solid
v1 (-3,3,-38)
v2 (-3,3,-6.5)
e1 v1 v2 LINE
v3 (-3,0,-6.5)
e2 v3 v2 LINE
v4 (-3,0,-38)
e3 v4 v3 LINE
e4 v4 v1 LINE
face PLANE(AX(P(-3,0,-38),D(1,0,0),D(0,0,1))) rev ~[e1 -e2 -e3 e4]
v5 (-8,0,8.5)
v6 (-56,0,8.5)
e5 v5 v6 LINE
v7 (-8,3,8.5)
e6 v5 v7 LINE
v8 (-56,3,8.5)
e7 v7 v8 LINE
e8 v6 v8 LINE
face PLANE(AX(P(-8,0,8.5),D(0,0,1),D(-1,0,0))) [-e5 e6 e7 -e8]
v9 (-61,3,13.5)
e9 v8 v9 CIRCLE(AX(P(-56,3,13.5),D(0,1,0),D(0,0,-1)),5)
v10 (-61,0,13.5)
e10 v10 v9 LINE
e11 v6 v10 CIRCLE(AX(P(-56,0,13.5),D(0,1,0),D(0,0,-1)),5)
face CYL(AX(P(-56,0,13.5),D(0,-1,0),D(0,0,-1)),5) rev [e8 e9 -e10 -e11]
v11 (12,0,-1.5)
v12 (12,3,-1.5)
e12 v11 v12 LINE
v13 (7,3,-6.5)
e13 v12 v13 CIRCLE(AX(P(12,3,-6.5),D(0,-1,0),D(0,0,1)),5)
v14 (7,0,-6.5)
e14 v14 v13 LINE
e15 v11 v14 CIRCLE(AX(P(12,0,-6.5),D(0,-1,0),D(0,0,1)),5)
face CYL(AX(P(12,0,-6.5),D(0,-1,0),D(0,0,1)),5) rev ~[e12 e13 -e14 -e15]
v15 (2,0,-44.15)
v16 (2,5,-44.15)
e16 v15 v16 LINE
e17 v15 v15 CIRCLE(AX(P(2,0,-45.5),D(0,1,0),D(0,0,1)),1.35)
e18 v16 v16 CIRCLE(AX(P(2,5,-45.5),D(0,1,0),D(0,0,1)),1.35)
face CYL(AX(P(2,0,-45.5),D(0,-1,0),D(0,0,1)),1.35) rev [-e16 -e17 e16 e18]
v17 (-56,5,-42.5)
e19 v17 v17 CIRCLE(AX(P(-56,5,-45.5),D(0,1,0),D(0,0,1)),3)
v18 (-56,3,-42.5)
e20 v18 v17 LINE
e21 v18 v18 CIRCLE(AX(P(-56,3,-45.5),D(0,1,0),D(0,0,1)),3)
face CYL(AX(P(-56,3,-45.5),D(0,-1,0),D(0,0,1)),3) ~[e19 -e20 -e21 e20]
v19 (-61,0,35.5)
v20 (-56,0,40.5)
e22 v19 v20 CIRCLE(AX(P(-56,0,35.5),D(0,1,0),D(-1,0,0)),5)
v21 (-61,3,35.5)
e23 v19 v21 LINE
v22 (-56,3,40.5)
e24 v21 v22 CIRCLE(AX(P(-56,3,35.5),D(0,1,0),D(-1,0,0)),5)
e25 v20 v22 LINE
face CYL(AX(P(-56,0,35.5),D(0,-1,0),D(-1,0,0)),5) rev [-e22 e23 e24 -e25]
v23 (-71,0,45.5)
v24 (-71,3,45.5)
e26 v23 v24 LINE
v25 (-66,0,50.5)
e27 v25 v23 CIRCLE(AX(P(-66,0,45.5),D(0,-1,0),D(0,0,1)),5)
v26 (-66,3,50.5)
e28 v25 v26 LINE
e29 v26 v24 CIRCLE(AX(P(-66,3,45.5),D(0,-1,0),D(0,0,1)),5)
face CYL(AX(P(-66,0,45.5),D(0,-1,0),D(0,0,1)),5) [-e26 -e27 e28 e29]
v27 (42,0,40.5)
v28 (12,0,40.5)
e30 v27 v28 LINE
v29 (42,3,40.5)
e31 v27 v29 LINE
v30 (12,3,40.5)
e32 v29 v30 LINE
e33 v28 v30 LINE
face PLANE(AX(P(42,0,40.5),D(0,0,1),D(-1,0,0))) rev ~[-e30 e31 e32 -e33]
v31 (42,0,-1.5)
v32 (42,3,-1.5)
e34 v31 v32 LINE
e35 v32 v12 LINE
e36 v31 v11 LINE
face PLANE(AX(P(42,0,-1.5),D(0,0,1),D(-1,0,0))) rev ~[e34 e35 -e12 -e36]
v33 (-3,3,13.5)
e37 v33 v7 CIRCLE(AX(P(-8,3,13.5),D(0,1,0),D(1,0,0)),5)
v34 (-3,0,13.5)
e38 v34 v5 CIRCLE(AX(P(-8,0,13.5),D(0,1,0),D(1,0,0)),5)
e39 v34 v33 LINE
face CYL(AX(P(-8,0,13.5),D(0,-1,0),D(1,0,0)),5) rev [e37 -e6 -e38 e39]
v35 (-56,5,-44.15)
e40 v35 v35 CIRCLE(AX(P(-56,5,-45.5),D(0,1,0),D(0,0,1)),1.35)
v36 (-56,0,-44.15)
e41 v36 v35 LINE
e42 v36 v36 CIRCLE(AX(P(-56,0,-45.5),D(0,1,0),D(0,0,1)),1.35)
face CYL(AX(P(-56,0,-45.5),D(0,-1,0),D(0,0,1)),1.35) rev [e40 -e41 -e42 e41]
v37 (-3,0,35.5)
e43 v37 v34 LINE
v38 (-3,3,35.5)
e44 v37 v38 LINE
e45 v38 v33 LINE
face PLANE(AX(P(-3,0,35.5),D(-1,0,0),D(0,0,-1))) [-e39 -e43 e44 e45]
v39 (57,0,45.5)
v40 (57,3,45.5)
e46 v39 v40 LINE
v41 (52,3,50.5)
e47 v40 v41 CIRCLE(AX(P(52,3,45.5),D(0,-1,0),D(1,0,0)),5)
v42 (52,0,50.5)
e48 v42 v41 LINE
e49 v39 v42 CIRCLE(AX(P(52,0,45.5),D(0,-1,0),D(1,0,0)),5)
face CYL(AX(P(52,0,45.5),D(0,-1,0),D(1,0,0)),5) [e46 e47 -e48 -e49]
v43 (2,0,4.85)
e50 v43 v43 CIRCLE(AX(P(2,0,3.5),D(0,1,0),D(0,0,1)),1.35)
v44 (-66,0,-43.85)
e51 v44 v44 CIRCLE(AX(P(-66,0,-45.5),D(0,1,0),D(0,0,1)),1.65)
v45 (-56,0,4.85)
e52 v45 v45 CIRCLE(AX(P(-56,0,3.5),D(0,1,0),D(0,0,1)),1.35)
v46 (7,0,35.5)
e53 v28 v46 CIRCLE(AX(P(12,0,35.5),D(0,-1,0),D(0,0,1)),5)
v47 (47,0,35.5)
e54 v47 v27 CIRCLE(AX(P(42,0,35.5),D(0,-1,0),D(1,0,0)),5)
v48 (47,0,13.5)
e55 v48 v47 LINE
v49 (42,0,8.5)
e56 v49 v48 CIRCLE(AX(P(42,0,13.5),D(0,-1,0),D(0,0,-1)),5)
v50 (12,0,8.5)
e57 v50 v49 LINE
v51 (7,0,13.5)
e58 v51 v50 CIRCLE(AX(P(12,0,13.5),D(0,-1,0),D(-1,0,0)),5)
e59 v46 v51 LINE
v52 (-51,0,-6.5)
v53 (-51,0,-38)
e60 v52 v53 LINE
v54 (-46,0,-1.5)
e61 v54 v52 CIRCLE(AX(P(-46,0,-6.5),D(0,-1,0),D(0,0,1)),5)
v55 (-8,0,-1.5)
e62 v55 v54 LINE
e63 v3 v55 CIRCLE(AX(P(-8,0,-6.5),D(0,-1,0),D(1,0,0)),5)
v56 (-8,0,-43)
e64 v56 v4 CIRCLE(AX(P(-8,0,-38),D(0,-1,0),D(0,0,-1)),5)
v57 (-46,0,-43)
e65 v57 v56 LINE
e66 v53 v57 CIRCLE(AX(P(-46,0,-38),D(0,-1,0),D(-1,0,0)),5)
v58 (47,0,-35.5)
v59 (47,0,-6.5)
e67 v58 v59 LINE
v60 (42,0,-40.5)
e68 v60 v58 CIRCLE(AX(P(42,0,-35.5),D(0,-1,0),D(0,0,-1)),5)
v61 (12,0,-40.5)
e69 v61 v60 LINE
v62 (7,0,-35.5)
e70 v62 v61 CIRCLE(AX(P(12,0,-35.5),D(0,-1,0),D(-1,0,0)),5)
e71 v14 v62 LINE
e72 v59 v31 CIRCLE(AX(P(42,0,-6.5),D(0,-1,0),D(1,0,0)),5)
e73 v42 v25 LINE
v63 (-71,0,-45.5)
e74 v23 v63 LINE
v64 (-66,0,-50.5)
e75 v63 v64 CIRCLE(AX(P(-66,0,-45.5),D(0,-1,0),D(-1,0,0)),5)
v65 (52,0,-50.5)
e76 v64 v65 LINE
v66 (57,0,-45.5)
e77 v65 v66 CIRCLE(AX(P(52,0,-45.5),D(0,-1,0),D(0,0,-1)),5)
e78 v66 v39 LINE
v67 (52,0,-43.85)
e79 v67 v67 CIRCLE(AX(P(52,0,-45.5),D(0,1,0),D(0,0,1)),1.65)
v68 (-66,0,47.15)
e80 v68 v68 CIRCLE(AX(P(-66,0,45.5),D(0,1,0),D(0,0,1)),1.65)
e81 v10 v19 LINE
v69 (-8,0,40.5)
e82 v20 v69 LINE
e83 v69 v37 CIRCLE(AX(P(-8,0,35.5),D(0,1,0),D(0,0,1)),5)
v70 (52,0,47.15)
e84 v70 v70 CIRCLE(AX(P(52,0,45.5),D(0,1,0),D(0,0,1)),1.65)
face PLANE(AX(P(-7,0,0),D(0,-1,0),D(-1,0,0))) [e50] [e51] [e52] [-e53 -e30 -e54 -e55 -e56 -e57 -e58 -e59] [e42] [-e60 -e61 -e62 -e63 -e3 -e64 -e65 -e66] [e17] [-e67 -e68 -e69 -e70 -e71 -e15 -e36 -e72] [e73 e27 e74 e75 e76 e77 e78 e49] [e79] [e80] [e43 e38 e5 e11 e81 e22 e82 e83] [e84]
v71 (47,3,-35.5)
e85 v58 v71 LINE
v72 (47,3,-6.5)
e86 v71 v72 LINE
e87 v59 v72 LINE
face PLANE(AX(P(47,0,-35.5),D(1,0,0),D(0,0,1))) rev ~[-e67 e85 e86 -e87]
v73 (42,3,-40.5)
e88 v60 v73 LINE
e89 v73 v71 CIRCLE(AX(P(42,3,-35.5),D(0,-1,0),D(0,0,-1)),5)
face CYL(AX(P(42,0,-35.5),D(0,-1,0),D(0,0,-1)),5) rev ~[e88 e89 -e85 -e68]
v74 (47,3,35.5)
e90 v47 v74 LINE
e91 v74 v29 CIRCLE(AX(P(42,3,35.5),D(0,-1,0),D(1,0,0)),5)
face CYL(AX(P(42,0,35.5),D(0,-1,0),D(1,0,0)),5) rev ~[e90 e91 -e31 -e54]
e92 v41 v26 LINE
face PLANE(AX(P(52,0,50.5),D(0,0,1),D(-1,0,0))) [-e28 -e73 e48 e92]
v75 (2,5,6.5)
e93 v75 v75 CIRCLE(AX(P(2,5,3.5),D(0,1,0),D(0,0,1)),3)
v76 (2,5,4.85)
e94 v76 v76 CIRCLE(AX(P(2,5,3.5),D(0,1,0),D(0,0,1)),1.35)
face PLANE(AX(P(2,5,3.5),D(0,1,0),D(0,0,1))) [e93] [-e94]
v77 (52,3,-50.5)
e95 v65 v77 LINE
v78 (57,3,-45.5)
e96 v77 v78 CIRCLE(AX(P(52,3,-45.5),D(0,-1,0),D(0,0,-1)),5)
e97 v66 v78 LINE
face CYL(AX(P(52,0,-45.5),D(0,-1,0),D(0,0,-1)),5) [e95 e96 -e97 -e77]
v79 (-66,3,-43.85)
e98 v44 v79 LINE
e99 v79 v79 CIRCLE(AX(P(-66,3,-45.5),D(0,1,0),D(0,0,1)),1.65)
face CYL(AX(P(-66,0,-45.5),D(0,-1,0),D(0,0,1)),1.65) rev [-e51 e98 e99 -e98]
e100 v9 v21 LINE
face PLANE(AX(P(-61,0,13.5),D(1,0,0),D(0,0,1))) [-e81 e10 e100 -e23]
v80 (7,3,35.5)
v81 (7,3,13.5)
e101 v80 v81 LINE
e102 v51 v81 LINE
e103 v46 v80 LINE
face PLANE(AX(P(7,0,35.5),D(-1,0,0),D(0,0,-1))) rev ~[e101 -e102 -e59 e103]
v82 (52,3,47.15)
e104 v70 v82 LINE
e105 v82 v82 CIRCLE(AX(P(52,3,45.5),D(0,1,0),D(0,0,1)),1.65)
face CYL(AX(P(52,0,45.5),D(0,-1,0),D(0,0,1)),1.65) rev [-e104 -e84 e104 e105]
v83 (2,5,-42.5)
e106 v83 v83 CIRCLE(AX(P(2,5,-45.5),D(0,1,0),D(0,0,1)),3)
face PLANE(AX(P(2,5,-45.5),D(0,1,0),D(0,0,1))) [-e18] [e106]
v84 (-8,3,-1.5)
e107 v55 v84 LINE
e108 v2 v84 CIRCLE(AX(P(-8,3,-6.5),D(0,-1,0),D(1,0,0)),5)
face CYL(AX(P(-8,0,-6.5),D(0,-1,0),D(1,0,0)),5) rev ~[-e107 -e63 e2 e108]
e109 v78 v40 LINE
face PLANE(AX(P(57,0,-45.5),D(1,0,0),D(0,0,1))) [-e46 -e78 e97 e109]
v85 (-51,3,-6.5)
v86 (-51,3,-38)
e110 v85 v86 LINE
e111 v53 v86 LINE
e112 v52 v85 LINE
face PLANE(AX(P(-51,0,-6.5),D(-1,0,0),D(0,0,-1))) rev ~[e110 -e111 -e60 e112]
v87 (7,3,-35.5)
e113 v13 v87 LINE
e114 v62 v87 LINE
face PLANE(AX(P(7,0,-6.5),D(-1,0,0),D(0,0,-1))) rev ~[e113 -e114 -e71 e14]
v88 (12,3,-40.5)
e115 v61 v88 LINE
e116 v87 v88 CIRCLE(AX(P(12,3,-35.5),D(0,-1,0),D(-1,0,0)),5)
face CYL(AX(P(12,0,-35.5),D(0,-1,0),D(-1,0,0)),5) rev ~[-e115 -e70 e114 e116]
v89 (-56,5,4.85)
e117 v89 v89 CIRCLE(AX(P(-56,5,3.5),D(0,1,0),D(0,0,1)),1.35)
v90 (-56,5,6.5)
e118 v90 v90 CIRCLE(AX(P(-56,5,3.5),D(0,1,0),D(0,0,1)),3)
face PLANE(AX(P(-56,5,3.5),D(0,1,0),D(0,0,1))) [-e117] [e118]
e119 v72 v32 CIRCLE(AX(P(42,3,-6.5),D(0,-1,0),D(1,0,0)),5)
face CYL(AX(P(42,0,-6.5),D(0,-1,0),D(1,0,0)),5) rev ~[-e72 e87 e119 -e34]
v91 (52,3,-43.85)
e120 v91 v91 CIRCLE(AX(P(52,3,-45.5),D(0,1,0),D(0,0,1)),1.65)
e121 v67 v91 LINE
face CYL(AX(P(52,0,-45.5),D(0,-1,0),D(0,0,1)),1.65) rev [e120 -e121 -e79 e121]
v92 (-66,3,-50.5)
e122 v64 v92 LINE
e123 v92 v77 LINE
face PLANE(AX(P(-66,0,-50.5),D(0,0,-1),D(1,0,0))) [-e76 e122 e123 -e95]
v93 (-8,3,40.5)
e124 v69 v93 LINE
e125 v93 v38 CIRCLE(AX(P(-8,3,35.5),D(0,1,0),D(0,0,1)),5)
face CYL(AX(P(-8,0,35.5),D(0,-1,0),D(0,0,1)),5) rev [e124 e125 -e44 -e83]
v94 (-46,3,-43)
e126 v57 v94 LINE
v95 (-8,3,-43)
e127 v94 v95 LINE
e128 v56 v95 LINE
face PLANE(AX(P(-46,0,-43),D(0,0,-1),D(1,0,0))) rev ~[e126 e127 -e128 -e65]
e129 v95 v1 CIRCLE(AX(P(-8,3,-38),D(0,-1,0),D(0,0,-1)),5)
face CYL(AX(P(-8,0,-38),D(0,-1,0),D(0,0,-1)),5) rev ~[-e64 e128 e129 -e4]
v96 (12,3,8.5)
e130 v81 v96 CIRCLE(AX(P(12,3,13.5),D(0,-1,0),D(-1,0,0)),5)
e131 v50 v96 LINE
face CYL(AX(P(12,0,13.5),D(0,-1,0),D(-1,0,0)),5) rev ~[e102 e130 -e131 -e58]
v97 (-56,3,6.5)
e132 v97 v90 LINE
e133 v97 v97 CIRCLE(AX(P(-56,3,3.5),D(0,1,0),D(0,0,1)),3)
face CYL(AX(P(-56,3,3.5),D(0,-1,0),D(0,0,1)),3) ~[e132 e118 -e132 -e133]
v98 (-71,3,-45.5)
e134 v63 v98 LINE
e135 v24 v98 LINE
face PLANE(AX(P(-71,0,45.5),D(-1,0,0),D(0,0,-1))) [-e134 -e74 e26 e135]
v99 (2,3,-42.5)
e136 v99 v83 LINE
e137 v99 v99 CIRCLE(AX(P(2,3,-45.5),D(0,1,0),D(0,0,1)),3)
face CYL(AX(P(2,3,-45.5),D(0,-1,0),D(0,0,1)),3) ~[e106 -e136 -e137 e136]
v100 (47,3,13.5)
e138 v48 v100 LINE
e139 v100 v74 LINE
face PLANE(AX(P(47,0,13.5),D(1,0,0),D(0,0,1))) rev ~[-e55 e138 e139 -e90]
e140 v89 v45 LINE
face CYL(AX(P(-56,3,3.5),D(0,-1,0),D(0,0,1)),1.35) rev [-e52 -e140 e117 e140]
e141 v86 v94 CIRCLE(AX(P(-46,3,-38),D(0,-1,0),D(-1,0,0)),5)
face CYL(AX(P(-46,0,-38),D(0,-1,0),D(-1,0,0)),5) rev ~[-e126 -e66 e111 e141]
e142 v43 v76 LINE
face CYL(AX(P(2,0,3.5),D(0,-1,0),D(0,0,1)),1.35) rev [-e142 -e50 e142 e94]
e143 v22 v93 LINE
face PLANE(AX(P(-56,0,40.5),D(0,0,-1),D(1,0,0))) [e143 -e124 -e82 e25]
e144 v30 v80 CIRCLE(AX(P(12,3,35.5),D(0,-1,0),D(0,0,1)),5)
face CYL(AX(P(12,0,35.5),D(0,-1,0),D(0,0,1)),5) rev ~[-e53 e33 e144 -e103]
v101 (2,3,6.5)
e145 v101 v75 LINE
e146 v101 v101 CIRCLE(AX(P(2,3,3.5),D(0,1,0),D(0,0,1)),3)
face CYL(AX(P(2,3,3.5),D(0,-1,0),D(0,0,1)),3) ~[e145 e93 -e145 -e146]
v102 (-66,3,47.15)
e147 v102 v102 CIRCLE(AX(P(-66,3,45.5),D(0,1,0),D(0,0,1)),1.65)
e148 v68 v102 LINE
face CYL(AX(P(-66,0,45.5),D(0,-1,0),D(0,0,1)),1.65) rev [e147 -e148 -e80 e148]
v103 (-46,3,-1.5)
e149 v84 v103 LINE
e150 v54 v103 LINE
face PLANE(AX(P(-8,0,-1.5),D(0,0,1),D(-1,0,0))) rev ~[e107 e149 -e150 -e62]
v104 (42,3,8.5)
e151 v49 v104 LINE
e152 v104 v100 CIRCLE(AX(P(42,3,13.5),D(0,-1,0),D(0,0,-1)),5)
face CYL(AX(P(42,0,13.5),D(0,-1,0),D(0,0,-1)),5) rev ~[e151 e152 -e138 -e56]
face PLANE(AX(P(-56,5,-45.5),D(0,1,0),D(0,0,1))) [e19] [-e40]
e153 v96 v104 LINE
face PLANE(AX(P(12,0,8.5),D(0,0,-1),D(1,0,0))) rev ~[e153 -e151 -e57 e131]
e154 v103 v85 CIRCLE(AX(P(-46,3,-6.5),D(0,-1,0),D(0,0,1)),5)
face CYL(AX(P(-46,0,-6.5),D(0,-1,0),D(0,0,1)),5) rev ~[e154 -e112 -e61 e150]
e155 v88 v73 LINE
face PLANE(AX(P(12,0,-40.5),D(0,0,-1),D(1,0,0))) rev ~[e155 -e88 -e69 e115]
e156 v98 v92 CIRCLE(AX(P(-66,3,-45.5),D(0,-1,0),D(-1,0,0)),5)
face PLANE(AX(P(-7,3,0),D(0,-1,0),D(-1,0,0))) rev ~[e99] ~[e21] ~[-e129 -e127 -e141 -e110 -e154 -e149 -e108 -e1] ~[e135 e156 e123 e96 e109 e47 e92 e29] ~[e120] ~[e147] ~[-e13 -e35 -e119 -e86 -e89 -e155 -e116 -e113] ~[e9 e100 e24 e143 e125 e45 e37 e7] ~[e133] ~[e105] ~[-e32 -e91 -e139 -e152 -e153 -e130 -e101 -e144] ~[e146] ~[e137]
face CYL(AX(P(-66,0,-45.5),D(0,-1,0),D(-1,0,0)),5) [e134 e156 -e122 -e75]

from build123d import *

# Parameters (mm, degrees)
SKETCH2_R           = 1.65
SKETCH2_R_2         = 1.35
BOSS_EXTRUDE1_DEPTH = 3
SKETCH3_R           = 3
SKETCH3_R_2         = 1.35
BOSS_EXTRUDE2_DEPTH = 2


with BuildPart() as part:
    # Sketch2 → Boss-Extrude1 (new body)
    with BuildSketch(Plane(origin=(0, 0, 0), x_dir=(1, 0, 0), z_dir=(0, 1, 0))):
        with BuildLine():
            Line((-66, 50.5), (52, 50.5))
            ThreePointArc((52, 50.5), (55.535533906, 49.035533906), (57, 45.5))
            Line((57, 45.5), (57, -45.5))
            ThreePointArc((57, -45.5), (55.535533906, -49.035533906), (52, -50.5))
            Line((52, -50.5), (-66, -50.5))
            ThreePointArc((-66, -50.5), (-69.535533906, -49.035533906), (-71, -45.5))
            Line((-71, -45.5), (-71, 45.5))
            ThreePointArc((-71, 45.5), (-69.535533906, 49.035533906), (-66, 50.5))
        make_face()
        with Locations(Location((52, 45.5, 0), (0, 0, 270))):
            Circle(SKETCH2_R, mode=Mode.SUBTRACT)
        with Locations(Location((52, -45.5, 0), (0, 0, 270))):
            Circle(SKETCH2_R, mode=Mode.SUBTRACT)
        with Locations(Location((-66, -45.5, 0), (0, 0, 270))):
            Circle(SKETCH2_R, mode=Mode.SUBTRACT)
        with Locations(Location((-66, 45.5, 0), (0, 0, 270))):
            Circle(SKETCH2_R, mode=Mode.SUBTRACT)
        with Locations(Location((-56, -3.5, 0), (0, 0, 270))):
            Circle(SKETCH2_R_2, mode=Mode.SUBTRACT)
        with Locations(Location((-56, 45.5, 0), (0, 0, 270))):
            Circle(SKETCH2_R_2, mode=Mode.SUBTRACT)
        with Locations(Location((2, 45.5, 0), (0, 0, 270))):
            Circle(SKETCH2_R_2, mode=Mode.SUBTRACT)
        with Locations(Location((2, -3.5, 0), (0, 0, 270))):
            Circle(SKETCH2_R_2, mode=Mode.SUBTRACT)
        with BuildLine():
            Line((12, 40.5), (42, 40.5))
            ThreePointArc((42, 40.5), (45.535533906, 39.035533906), (47, 35.5))
            Line((47, 35.5), (47, 6.5))
            ThreePointArc((47, 6.5), (45.535533906, 2.964466094), (42, 1.5))
            Line((42, 1.5), (12, 1.5))
            ThreePointArc((12, 1.5), (8.464466094, 2.964466094), (7, 6.5))
            Line((7, 6.5), (7, 35.5))
            ThreePointArc((7, 35.5), (8.464466094, 39.035533906), (12, 40.5))
        make_face(mode=Mode.SUBTRACT)
        with BuildLine():
            Line((12, -8.5), (42, -8.5))
            ThreePointArc((42, -8.5), (45.535533906, -9.964466094), (47, -13.5))
            Line((47, -13.5), (47, -35.5))
            ThreePointArc((47, -35.5), (45.535533906, -39.035533906), (42, -40.5))
            Line((42, -40.5), (12, -40.5))
            ThreePointArc((12, -40.5), (8.464466094, -39.035533906), (7, -35.5))
            Line((7, -35.5), (7, -13.5))
            ThreePointArc((7, -13.5), (8.464466094, -9.964466094), (12, -8.5))
        make_face(mode=Mode.SUBTRACT)
        with BuildLine():
            Line((-8, -8.5), (-56, -8.5))
            ThreePointArc((-56, -8.5), (-59.535533906, -9.964466094), (-61, -13.5))
            Line((-61, -13.5), (-61, -35.5))
            ThreePointArc((-61, -35.5), (-59.535533906, -39.035533906), (-56, -40.5))
            Line((-56, -40.5), (-8, -40.5))
            ThreePointArc((-8, -40.5), (-4.464466094, -39.035533906), (-3, -35.5))
            Line((-3, -35.5), (-3, -13.5))
            ThreePointArc((-3, -13.5), (-4.464466094, -9.964466094), (-8, -8.5))
        make_face(mode=Mode.SUBTRACT)
        with BuildLine():
            Line((-46, 43), (-8, 43))
            ThreePointArc((-8, 43), (-4.464466094, 41.535533906), (-3, 38))
            Line((-3, 38), (-3, 6.5))
            ThreePointArc((-3, 6.5), (-4.464466094, 2.964466094), (-8, 1.5))
            Line((-8, 1.5), (-46, 1.5))
            ThreePointArc((-46, 1.5), (-49.535533906, 2.964466094), (-51, 6.5))
            Line((-51, 6.5), (-51, 38))
            ThreePointArc((-51, 38), (-49.535533906, 41.535533906), (-46, 43))
        make_face(mode=Mode.SUBTRACT)
    extrude(amount=BOSS_EXTRUDE1_DEPTH)

    # Sketch3 → Boss-Extrude2 (add)
    # profile 1 of 4: a face of its own
    with BuildSketch(Plane(origin=(0, 3, 0), x_dir=(1, 0, 0), z_dir=(0, 1, 0))):
        with Locations(Location((-56, -3.5, 0), (0, 0, 270))):
            Circle(SKETCH3_R)
        with Locations(Location((-56, -3.5, 0), (0, 0, 270))):
            Circle(SKETCH3_R_2, mode=Mode.SUBTRACT)
    # profile 2 of 4: a face of its own
    with BuildSketch(Plane(origin=(0, 3, 0), x_dir=(1, 0, 0), z_dir=(0, 1, 0))):
        with Locations(Location((2, -3.5, 0), (0, 0, 270))):
            Circle(SKETCH3_R)
        with Locations(Location((2, -3.5, 0), (0, 0, 270))):
            Circle(SKETCH3_R_2, mode=Mode.SUBTRACT)
    # profile 3 of 4: a face of its own
    with BuildSketch(Plane(origin=(0, 3, 0), x_dir=(1, 0, 0), z_dir=(0, 1, 0))):
        with Locations(Location((2, 45.5, 0), (0, 0, 270))):
            Circle(SKETCH3_R)
        with Locations(Location((2, 45.5, 0), (0, 0, 270))):
            Circle(SKETCH3_R_2, mode=Mode.SUBTRACT)
    # profile 4 of 4: a face of its own
    with BuildSketch(Plane(origin=(0, 3, 0), x_dir=(1, 0, 0), z_dir=(0, 1, 0))):
        with Locations(Location((-56, 45.5, 0), (0, 0, 270))):
            Circle(SKETCH3_R)
        with Locations(Location((-56, 45.5, 0), (0, 0, 270))):
            Circle(SKETCH3_R_2, mode=Mode.SUBTRACT)
    extrude(amount=BOSS_EXTRUDE2_DEPTH)


solid = part.part
